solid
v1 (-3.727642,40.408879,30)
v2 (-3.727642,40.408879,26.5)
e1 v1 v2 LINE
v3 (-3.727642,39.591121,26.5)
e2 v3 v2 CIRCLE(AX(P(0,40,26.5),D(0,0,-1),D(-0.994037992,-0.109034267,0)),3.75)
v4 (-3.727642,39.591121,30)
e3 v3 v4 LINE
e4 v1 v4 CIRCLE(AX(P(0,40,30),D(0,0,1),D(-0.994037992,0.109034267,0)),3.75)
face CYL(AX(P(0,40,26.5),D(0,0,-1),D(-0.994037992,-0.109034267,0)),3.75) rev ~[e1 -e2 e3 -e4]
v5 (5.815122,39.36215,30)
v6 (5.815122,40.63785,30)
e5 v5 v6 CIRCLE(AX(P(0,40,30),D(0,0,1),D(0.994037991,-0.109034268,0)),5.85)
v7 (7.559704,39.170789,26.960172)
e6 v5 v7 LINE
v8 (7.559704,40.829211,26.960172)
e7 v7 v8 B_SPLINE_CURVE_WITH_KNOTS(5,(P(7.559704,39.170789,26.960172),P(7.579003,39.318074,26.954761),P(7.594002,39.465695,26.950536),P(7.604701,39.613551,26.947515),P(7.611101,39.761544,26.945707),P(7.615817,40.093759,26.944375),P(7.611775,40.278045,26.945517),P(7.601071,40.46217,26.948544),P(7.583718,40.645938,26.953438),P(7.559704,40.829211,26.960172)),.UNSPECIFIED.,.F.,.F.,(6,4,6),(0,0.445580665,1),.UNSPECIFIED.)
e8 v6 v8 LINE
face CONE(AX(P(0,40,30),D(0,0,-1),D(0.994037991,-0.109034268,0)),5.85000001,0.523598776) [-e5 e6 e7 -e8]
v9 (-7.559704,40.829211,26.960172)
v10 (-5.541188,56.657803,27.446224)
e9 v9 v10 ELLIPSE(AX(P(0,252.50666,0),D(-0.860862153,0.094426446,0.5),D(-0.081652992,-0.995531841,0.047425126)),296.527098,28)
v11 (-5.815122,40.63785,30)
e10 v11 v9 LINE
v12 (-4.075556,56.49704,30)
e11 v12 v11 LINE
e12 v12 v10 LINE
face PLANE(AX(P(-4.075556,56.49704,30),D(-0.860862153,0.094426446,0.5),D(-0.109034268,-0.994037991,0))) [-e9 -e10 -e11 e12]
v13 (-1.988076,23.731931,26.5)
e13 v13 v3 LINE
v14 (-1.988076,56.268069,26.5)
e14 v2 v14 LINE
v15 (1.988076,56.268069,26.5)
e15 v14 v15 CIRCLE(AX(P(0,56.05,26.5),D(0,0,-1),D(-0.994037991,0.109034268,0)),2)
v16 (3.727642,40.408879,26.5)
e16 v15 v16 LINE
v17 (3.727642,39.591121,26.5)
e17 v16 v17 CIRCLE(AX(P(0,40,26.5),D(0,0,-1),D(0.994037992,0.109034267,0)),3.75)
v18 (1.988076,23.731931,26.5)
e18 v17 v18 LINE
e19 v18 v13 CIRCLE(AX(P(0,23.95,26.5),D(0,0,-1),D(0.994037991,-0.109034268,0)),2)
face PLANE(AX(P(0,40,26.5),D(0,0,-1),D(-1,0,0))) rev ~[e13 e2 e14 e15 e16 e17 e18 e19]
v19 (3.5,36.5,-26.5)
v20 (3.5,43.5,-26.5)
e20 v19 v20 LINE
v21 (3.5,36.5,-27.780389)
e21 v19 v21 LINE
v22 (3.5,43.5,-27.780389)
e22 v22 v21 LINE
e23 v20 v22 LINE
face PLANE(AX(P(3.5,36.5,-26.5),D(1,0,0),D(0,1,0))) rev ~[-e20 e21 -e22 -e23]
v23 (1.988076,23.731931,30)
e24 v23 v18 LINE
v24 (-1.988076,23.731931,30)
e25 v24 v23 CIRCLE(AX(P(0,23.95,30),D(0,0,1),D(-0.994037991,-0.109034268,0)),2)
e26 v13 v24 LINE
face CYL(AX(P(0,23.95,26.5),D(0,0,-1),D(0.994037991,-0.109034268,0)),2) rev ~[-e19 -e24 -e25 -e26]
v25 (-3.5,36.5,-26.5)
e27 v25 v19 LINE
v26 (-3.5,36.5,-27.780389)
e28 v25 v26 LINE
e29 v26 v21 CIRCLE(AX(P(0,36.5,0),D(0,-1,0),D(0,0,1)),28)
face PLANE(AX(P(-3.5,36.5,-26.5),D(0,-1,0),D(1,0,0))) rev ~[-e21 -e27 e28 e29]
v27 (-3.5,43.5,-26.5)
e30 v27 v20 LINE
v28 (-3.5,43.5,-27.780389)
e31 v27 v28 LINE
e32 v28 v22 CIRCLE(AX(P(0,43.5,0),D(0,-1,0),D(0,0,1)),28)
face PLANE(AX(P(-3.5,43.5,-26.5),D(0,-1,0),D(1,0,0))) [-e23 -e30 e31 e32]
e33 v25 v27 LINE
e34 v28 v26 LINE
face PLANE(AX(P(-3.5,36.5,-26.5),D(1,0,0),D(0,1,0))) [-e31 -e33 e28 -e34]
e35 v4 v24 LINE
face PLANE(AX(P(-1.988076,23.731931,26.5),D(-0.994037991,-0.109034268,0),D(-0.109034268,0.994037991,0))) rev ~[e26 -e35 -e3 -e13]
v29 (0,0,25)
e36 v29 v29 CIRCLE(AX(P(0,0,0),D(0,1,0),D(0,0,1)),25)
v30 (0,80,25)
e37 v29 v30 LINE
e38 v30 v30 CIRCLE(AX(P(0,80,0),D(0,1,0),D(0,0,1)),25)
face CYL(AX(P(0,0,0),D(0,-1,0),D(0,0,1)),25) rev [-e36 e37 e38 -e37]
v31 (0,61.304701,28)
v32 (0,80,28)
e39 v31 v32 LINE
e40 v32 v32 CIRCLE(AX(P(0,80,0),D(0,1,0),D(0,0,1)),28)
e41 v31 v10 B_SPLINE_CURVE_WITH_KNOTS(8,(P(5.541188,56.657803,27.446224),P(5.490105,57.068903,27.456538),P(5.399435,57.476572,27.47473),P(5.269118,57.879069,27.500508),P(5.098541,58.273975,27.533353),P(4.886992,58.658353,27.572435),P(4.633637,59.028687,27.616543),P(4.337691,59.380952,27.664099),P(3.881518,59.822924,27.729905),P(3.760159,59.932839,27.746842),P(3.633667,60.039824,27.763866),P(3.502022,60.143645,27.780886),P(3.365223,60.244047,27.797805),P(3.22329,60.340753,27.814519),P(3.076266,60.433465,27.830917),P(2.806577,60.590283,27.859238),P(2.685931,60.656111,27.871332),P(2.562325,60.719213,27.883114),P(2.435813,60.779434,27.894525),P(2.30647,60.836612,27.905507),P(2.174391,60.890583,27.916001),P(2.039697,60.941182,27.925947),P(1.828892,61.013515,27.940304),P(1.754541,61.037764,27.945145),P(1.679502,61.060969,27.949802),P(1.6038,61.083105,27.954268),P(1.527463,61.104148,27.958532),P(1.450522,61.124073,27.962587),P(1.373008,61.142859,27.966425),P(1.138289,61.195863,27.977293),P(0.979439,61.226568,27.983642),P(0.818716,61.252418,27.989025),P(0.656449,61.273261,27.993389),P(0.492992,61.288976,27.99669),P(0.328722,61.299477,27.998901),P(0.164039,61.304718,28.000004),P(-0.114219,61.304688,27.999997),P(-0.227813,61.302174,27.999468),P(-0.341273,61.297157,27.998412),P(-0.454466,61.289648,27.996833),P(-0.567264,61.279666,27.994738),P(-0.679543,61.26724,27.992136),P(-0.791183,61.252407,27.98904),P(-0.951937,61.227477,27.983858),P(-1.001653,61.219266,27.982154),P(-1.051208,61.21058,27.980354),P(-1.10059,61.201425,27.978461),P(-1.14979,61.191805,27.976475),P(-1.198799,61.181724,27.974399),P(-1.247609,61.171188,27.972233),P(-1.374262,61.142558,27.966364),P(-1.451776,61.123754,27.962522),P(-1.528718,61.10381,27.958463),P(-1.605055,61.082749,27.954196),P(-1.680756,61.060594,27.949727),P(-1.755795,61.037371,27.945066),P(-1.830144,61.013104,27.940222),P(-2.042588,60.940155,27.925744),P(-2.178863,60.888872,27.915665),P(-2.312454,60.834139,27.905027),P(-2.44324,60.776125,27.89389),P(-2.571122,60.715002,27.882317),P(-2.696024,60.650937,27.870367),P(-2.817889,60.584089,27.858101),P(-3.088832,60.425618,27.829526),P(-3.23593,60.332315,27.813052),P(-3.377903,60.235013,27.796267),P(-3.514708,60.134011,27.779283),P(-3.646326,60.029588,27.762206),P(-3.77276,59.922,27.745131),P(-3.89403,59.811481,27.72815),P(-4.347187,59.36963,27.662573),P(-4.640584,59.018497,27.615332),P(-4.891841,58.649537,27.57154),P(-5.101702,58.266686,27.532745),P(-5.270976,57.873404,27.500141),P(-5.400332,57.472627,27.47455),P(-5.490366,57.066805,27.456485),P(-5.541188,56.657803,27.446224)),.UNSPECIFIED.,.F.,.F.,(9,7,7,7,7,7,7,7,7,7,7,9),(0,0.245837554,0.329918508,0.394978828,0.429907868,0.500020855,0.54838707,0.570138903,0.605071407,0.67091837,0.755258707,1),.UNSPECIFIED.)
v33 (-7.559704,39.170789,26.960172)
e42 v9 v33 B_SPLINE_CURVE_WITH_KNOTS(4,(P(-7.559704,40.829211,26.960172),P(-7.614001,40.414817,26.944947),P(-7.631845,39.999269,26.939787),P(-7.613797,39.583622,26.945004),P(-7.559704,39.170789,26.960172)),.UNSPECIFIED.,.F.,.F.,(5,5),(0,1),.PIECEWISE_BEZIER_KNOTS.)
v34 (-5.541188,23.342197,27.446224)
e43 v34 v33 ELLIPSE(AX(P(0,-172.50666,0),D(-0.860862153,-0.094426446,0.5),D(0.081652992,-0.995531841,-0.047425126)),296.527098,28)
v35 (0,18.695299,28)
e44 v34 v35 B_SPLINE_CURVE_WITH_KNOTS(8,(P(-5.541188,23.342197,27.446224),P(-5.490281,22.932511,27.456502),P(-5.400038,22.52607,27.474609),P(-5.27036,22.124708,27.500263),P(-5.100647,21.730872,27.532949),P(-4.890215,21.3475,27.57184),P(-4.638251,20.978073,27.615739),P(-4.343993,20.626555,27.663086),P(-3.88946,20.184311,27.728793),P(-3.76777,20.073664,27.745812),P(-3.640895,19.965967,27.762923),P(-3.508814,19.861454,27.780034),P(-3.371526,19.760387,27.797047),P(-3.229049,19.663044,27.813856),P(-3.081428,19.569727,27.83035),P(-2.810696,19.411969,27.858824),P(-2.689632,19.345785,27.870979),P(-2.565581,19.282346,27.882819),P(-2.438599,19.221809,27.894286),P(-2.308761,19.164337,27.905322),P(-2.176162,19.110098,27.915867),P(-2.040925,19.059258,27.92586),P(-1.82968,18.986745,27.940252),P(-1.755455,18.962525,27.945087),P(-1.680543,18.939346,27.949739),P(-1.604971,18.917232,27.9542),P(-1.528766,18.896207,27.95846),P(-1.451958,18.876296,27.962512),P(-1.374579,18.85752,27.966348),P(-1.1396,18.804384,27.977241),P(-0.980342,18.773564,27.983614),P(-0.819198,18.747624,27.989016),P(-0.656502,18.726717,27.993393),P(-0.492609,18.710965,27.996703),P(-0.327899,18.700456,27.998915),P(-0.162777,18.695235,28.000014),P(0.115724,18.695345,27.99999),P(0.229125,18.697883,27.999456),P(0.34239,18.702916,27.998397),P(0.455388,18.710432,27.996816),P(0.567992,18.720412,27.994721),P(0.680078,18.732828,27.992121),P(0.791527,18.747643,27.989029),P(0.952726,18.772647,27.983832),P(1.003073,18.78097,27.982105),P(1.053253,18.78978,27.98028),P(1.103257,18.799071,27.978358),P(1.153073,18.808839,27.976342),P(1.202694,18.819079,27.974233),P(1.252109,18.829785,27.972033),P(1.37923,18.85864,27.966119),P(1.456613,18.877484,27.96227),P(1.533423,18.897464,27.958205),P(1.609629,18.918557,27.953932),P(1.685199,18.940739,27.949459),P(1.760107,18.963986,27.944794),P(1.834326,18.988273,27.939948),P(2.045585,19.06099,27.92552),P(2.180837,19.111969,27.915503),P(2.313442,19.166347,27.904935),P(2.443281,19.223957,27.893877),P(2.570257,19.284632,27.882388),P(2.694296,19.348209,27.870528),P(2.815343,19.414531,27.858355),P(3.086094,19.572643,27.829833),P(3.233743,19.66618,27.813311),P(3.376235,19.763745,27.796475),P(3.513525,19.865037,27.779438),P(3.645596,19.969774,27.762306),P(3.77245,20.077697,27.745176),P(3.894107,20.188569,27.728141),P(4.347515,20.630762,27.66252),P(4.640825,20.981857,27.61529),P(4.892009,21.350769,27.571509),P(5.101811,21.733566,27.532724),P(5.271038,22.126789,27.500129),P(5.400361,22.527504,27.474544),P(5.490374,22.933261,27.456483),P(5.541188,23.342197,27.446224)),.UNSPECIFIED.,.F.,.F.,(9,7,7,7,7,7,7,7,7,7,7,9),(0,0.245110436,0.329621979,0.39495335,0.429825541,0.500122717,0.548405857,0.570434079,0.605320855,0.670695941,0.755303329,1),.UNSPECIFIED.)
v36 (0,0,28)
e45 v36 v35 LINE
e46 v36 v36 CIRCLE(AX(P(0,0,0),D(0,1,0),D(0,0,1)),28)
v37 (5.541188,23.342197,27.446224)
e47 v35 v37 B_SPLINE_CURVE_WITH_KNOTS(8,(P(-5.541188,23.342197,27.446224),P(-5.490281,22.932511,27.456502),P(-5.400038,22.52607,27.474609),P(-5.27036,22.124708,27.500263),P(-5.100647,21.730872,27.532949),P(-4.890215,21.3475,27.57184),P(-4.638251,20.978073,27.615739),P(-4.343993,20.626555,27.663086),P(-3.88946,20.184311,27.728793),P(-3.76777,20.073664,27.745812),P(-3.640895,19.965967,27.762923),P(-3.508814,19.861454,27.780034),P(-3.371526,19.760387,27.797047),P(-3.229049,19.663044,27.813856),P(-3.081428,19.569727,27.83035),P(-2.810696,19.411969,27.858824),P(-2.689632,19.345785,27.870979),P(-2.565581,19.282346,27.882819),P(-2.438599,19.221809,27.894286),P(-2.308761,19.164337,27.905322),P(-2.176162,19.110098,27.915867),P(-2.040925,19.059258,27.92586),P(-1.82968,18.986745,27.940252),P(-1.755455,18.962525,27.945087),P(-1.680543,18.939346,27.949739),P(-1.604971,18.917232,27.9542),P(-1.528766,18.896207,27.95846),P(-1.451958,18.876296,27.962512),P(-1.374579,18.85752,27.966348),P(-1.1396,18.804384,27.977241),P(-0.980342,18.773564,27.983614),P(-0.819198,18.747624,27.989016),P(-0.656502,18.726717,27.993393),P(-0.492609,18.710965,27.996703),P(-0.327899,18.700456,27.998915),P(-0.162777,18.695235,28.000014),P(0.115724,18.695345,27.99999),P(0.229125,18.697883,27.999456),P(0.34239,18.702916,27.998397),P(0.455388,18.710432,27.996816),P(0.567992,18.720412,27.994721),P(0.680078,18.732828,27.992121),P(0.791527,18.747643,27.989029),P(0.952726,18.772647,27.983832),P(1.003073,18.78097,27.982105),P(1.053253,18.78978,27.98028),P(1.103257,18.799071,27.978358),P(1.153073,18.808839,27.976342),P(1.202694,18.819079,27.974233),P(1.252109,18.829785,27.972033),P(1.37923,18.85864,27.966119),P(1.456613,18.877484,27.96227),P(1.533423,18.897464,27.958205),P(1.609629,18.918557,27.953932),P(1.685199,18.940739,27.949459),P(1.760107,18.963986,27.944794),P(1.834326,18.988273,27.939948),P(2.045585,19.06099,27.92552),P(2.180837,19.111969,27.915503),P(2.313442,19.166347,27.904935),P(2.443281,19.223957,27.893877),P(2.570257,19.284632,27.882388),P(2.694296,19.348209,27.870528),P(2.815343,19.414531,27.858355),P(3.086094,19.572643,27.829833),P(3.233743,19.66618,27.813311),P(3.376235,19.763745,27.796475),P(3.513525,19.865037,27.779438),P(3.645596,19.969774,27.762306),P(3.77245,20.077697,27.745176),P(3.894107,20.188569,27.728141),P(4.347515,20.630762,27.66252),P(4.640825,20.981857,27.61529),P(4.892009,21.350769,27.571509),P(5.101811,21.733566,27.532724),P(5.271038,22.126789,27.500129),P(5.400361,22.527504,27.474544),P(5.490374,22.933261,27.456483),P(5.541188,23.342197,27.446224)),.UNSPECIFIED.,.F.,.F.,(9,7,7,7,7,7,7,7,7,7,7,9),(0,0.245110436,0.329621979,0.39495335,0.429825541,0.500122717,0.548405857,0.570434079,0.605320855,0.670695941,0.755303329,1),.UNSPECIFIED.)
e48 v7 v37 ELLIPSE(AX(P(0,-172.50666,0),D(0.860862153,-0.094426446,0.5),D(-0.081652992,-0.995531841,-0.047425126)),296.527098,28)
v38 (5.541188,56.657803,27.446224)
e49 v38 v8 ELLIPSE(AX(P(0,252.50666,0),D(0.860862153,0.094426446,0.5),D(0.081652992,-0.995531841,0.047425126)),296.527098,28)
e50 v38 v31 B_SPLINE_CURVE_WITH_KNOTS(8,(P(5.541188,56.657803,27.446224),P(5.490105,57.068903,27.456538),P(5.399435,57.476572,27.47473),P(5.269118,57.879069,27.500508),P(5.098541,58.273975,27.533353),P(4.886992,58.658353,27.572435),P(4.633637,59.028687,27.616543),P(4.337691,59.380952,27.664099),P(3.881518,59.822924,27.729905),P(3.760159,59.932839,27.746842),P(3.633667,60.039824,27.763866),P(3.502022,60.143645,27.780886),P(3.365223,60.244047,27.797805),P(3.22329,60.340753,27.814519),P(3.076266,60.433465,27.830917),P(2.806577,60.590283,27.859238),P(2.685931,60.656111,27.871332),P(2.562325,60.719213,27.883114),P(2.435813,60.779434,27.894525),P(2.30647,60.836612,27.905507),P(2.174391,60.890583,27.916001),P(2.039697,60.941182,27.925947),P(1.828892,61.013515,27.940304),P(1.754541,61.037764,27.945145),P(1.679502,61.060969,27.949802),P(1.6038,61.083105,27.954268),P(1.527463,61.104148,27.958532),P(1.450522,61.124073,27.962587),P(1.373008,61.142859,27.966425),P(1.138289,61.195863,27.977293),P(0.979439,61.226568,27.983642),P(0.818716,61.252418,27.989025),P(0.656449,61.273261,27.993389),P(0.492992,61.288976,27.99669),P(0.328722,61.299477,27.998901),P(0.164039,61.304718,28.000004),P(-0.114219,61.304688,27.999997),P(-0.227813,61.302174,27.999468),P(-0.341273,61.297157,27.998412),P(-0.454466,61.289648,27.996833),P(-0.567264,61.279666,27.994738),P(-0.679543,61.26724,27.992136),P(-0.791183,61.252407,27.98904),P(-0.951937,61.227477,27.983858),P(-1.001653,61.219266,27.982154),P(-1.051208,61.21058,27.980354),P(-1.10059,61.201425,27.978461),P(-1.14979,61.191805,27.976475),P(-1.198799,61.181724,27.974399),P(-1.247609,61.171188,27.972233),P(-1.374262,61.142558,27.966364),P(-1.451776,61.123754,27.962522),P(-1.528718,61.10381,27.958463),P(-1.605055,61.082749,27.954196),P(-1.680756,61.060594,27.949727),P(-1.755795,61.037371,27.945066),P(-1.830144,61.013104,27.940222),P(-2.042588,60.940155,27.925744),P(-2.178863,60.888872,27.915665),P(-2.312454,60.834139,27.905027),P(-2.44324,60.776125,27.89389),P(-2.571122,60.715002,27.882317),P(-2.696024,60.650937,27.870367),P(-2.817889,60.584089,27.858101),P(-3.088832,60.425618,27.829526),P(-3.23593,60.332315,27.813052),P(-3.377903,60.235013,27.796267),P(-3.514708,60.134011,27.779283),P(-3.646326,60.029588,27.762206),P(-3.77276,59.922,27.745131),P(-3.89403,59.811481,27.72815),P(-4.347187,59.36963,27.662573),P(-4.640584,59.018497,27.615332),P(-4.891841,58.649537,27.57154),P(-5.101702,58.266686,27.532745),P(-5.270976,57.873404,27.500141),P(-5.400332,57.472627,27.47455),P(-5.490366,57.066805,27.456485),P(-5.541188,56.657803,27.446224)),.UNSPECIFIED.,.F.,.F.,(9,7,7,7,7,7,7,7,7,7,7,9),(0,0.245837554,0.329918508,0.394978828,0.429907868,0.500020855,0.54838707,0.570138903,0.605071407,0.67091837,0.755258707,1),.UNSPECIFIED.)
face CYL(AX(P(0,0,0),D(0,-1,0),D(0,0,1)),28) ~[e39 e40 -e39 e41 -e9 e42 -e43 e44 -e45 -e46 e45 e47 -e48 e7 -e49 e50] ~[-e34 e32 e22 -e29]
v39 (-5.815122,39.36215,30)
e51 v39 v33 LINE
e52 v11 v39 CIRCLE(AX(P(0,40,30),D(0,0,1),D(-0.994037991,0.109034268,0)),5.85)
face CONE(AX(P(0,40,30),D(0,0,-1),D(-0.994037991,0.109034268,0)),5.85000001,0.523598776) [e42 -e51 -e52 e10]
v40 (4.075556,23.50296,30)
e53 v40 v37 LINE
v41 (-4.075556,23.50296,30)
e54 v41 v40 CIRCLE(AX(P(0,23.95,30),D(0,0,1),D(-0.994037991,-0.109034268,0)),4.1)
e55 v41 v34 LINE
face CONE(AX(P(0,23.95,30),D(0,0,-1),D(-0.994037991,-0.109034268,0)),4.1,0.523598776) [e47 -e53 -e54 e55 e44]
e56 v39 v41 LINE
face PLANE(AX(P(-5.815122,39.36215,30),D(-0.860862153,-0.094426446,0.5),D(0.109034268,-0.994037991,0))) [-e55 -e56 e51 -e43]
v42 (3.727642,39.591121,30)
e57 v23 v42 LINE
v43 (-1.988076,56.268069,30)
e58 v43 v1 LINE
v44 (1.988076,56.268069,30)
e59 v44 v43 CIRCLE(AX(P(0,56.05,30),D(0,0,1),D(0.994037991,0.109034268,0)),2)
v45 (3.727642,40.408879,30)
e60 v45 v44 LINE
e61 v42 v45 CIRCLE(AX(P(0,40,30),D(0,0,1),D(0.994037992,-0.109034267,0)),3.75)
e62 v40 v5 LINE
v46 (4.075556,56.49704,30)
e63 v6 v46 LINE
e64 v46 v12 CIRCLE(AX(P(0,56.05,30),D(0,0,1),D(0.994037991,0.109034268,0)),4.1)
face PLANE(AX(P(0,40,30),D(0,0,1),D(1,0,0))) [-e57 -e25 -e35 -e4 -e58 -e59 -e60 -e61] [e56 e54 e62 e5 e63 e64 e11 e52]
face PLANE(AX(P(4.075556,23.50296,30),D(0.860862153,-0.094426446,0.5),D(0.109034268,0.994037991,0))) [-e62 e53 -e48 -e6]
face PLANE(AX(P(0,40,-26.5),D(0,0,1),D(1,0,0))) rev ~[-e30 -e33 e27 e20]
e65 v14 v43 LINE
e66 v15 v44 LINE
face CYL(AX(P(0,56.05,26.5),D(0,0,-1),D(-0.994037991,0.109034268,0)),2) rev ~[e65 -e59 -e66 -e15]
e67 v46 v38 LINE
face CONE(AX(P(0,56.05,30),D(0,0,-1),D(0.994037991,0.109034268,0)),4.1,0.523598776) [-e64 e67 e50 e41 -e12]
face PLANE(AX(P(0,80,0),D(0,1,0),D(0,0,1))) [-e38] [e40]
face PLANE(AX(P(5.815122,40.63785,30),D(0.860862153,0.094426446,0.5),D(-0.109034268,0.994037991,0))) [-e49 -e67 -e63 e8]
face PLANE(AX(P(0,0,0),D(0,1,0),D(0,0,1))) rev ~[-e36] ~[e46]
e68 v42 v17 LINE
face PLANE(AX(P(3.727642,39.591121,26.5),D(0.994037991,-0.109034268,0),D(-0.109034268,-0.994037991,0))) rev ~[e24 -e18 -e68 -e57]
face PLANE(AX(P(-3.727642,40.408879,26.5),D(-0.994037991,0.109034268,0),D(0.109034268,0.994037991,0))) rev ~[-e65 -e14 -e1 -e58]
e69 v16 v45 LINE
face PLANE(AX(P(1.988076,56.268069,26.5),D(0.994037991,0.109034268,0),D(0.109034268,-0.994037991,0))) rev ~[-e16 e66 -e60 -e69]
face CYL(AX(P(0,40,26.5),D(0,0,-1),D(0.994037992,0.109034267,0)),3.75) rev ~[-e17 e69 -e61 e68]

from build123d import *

# Parameters (mm, degrees)
SKETCH1_R                = 28
SKETCH1_R_2              = 25
BOSS_EXTRUDE1_DEPTH      = 80
CUT_EXTRUDE3_DEPTH       = 101.768298586
EXTRUDE_THIN2_DEPTH      = 3.5
EXTRUDE_THIN3_REACH      = 104.703
EXTRUDE_THIN3_END_RADIUS = 28
EXTRUDE_THIN3_DRAFT      = 30
SKETCH10_W               = 7
SKETCH10_H               = 7
CUT_EXTRUDE4_DEPTH       = 3


with BuildPart() as part:
    # Sketch1 → Boss-Extrude1 (new body)
    with BuildSketch(Plane(origin=(0, 0, 0), x_dir=(1, 0, 0), z_dir=(0, 1, 0))):
        with Locations(Location((0, 0, 0), (0, 0, 270))):
            Circle(SKETCH1_R)
        with Locations(Location((0, 0, 0), (0, 0, 270))):
            Circle(SKETCH1_R_2, mode=Mode.SUBTRACT)
    extrude(amount=BOSS_EXTRUDE1_DEPTH)

    # Sketch6 → Cut-Extrude3 (cut, through all)
    with BuildSketch(Plane.XY.offset(26.5)):
        with BuildLine():
            Line((-3.727642468, 40.408878505), (-1.988075983, 56.268068536))
            ThreePointArc((-1.988075983, 56.268068536), (0, 58.05), (1.988075983, 56.268068536))
            Line((1.988075983, 56.268068536), (3.727642468, 40.408878505))
            ThreePointArc((3.727642468, 40.408878505), (3.75, 40), (3.727642468, 39.591121495))
            Line((3.727642468, 39.591121495), (1.988075983, 23.731931464))
            ThreePointArc((1.988075983, 23.731931464), (0, 21.95), (-1.988075983, 23.731931464))
            Line((-1.988075983, 23.731931464), (-3.727642468, 39.591121495))
            ThreePointArc((-3.727642468, 39.591121495), (-3.75, 40), (-3.727642468, 40.408878505))
        make_face()
    extrude(amount=CUT_EXTRUDE3_DEPTH, mode=Mode.SUBTRACT)

    # Sketch7 → Extrude-Thin2 (add)
    with BuildSketch(Plane.XY.offset(26.5)):
        with BuildLine():
            Line((5.715718451, 40.62694704), (3.976151966, 56.486137072))
            ThreePointArc((3.976151966, 56.486137072), (0, 60.05), (-3.976151966, 56.486137072))
            Line((-3.976151966, 56.486137072), (-5.715718451, 40.62694704))
            ThreePointArc((-5.715718451, 40.62694704), (-5.75, 40), (-5.715718451, 39.37305296))
            Line((-5.715718451, 39.37305296), (-3.976151966, 23.513862928))
            ThreePointArc((-3.976151966, 23.513862928), (0, 19.95), (3.976151966, 23.513862928))
            Line((3.976151966, 23.513862928), (5.715718451, 39.37305296))
            ThreePointArc((5.715718451, 39.37305296), (5.75, 40), (5.715718451, 40.62694704))
        make_face()
        with BuildLine():
            Line((3.727642468, 40.408878505), (1.988075983, 56.268068536))
            ThreePointArc((1.988075983, 56.268068536), (0, 58.05), (-1.988075983, 56.268068536))
            Line((-1.988075983, 56.268068536), (-3.727642468, 40.408878505))
            ThreePointArc((-3.727642468, 40.408878505), (-3.75, 40), (-3.727642468, 39.591121495))
            Line((-3.727642468, 39.591121495), (-1.988075983, 23.731931464))
            ThreePointArc((-1.988075983, 23.731931464), (0, 21.95), (1.988075983, 23.731931464))
            Line((1.988075983, 23.731931464), (3.727642468, 39.591121495))
            ThreePointArc((3.727642468, 39.591121495), (3.75, 40), (3.727642468, 40.408878505))
        make_face(mode=Mode.SUBTRACT)
    extrude(amount=EXTRUDE_THIN2_DEPTH)

    # Extrude-Thin3: up to this cylinder (the profile starts outside it)
    extrude_thin3_end = Plane(origin=(0, 48.56287, 0), z_dir=(0, -1, 0)) * Cylinder(EXTRUDE_THIN3_END_RADIUS, 266.406, mode=Mode.PRIVATE)



with BuildPart() as extrude_thin3_long_prism_1:
    # Sketch9 → Extrude-Thin3 (the long prism of profile 1, to be tilted and cut off)
    with BuildSketch(Plane.XY.offset(30)):
        with BuildLine():
            Line((-4.075555765, 56.497040498), (-5.81512225, 40.637850467))
            ThreePointArc((-5.81512225, 40.637850467), (-5.85, 40), (-5.81512225, 39.362149533))
            Line((-5.81512225, 39.362149533), (-4.075555765, 23.502959502))
            ThreePointArc((-4.075555765, 23.502959502), (0, 19.85), (4.075555765, 23.502959502))
            Line((4.075555765, 23.502959502), (5.81512225, 39.362149533))
            ThreePointArc((5.81512225, 39.362149533), (5.85, 40), (5.81512225, 40.637850467))
            Line((5.81512225, 40.637850467), (4.075555765, 56.497040498))
            ThreePointArc((4.075555765, 56.497040498), (0, 60.15), (-4.075555765, 56.497040498))
        make_face()
        with BuildLine():
            Line((-3.976151966, 56.486137072), (-5.715718451, 40.62694704))
            ThreePointArc((-5.715718451, 40.62694704), (-5.75, 40), (-5.715718451, 39.37305296))
            Line((-5.715718451, 39.37305296), (-3.976151966, 23.513862928))
            ThreePointArc((-3.976151966, 23.513862928), (0, 19.95), (3.976151966, 23.513862928))
            Line((3.976151966, 23.513862928), (5.715718451, 39.37305296))
            ThreePointArc((5.715718451, 39.37305296), (5.75, 40), (5.715718451, 40.62694704))
            Line((5.715718451, 40.62694704), (3.976151966, 56.486137072))
            ThreePointArc((3.976151966, 56.486137072), (0, 60.05), (-3.976151966, 56.486137072))
        make_face(mode=Mode.SUBTRACT)
    extrude(amount=-EXTRUDE_THIN3_REACH)
    extrude_thin3_tool1_sides = [extrude_thin3_long_prism_1.faces().sort_by_distance(p)[0] for p in [
        (4.945339007, 48.567445483, -22.3515),
        (0, 60.15, -22.3515),
        (-4.945339007, 48.567445483, -22.3515),
        (-5.85, 40, -22.3515),
        (-4.945339007, 31.432554517, -22.3515),
        (0, 19.85, -22.3515),
        (4.945339007, 31.432554517, -22.3515),
        (5.85, 40, -22.3515),
        (4.845935208, 48.556542056, -22.3515),
        (5.75, 40, -22.3515),
        (4.845935208, 31.443457944, -22.3515),
        (0, 19.95, -22.3515),
        (-4.845935208, 31.443457944, -22.3515),
        (-5.75, 40, -22.3515),
        (-4.845935208, 48.556542056, -22.3515),
        (0, 60.05, -22.3515),
    ]]
    draft(extrude_thin3_tool1_sides, Plane.XY.offset(30), EXTRUDE_THIN3_DRAFT)  # the draft: side faces tilted about the start plane


with BuildPart() as part_1:
    add(part.part)
    extrude_thin3_tool1 = extrude_thin3_long_prism_1.part - extrude_thin3_end
    add(extrude_thin3_tool1.solids().sort_by_distance((4.903625, 48.56287, 30))[0])

    # Sketch10 → Cut-Extrude4 (cut)
    with BuildSketch(Plane.XY.offset(-26.5)):
        with Locations((0, 40)):
            Rectangle(SKETCH10_W, SKETCH10_H)
    extrude(amount=-CUT_EXTRUDE4_DEPTH, mode=Mode.SUBTRACT)


solid = part_1.part
